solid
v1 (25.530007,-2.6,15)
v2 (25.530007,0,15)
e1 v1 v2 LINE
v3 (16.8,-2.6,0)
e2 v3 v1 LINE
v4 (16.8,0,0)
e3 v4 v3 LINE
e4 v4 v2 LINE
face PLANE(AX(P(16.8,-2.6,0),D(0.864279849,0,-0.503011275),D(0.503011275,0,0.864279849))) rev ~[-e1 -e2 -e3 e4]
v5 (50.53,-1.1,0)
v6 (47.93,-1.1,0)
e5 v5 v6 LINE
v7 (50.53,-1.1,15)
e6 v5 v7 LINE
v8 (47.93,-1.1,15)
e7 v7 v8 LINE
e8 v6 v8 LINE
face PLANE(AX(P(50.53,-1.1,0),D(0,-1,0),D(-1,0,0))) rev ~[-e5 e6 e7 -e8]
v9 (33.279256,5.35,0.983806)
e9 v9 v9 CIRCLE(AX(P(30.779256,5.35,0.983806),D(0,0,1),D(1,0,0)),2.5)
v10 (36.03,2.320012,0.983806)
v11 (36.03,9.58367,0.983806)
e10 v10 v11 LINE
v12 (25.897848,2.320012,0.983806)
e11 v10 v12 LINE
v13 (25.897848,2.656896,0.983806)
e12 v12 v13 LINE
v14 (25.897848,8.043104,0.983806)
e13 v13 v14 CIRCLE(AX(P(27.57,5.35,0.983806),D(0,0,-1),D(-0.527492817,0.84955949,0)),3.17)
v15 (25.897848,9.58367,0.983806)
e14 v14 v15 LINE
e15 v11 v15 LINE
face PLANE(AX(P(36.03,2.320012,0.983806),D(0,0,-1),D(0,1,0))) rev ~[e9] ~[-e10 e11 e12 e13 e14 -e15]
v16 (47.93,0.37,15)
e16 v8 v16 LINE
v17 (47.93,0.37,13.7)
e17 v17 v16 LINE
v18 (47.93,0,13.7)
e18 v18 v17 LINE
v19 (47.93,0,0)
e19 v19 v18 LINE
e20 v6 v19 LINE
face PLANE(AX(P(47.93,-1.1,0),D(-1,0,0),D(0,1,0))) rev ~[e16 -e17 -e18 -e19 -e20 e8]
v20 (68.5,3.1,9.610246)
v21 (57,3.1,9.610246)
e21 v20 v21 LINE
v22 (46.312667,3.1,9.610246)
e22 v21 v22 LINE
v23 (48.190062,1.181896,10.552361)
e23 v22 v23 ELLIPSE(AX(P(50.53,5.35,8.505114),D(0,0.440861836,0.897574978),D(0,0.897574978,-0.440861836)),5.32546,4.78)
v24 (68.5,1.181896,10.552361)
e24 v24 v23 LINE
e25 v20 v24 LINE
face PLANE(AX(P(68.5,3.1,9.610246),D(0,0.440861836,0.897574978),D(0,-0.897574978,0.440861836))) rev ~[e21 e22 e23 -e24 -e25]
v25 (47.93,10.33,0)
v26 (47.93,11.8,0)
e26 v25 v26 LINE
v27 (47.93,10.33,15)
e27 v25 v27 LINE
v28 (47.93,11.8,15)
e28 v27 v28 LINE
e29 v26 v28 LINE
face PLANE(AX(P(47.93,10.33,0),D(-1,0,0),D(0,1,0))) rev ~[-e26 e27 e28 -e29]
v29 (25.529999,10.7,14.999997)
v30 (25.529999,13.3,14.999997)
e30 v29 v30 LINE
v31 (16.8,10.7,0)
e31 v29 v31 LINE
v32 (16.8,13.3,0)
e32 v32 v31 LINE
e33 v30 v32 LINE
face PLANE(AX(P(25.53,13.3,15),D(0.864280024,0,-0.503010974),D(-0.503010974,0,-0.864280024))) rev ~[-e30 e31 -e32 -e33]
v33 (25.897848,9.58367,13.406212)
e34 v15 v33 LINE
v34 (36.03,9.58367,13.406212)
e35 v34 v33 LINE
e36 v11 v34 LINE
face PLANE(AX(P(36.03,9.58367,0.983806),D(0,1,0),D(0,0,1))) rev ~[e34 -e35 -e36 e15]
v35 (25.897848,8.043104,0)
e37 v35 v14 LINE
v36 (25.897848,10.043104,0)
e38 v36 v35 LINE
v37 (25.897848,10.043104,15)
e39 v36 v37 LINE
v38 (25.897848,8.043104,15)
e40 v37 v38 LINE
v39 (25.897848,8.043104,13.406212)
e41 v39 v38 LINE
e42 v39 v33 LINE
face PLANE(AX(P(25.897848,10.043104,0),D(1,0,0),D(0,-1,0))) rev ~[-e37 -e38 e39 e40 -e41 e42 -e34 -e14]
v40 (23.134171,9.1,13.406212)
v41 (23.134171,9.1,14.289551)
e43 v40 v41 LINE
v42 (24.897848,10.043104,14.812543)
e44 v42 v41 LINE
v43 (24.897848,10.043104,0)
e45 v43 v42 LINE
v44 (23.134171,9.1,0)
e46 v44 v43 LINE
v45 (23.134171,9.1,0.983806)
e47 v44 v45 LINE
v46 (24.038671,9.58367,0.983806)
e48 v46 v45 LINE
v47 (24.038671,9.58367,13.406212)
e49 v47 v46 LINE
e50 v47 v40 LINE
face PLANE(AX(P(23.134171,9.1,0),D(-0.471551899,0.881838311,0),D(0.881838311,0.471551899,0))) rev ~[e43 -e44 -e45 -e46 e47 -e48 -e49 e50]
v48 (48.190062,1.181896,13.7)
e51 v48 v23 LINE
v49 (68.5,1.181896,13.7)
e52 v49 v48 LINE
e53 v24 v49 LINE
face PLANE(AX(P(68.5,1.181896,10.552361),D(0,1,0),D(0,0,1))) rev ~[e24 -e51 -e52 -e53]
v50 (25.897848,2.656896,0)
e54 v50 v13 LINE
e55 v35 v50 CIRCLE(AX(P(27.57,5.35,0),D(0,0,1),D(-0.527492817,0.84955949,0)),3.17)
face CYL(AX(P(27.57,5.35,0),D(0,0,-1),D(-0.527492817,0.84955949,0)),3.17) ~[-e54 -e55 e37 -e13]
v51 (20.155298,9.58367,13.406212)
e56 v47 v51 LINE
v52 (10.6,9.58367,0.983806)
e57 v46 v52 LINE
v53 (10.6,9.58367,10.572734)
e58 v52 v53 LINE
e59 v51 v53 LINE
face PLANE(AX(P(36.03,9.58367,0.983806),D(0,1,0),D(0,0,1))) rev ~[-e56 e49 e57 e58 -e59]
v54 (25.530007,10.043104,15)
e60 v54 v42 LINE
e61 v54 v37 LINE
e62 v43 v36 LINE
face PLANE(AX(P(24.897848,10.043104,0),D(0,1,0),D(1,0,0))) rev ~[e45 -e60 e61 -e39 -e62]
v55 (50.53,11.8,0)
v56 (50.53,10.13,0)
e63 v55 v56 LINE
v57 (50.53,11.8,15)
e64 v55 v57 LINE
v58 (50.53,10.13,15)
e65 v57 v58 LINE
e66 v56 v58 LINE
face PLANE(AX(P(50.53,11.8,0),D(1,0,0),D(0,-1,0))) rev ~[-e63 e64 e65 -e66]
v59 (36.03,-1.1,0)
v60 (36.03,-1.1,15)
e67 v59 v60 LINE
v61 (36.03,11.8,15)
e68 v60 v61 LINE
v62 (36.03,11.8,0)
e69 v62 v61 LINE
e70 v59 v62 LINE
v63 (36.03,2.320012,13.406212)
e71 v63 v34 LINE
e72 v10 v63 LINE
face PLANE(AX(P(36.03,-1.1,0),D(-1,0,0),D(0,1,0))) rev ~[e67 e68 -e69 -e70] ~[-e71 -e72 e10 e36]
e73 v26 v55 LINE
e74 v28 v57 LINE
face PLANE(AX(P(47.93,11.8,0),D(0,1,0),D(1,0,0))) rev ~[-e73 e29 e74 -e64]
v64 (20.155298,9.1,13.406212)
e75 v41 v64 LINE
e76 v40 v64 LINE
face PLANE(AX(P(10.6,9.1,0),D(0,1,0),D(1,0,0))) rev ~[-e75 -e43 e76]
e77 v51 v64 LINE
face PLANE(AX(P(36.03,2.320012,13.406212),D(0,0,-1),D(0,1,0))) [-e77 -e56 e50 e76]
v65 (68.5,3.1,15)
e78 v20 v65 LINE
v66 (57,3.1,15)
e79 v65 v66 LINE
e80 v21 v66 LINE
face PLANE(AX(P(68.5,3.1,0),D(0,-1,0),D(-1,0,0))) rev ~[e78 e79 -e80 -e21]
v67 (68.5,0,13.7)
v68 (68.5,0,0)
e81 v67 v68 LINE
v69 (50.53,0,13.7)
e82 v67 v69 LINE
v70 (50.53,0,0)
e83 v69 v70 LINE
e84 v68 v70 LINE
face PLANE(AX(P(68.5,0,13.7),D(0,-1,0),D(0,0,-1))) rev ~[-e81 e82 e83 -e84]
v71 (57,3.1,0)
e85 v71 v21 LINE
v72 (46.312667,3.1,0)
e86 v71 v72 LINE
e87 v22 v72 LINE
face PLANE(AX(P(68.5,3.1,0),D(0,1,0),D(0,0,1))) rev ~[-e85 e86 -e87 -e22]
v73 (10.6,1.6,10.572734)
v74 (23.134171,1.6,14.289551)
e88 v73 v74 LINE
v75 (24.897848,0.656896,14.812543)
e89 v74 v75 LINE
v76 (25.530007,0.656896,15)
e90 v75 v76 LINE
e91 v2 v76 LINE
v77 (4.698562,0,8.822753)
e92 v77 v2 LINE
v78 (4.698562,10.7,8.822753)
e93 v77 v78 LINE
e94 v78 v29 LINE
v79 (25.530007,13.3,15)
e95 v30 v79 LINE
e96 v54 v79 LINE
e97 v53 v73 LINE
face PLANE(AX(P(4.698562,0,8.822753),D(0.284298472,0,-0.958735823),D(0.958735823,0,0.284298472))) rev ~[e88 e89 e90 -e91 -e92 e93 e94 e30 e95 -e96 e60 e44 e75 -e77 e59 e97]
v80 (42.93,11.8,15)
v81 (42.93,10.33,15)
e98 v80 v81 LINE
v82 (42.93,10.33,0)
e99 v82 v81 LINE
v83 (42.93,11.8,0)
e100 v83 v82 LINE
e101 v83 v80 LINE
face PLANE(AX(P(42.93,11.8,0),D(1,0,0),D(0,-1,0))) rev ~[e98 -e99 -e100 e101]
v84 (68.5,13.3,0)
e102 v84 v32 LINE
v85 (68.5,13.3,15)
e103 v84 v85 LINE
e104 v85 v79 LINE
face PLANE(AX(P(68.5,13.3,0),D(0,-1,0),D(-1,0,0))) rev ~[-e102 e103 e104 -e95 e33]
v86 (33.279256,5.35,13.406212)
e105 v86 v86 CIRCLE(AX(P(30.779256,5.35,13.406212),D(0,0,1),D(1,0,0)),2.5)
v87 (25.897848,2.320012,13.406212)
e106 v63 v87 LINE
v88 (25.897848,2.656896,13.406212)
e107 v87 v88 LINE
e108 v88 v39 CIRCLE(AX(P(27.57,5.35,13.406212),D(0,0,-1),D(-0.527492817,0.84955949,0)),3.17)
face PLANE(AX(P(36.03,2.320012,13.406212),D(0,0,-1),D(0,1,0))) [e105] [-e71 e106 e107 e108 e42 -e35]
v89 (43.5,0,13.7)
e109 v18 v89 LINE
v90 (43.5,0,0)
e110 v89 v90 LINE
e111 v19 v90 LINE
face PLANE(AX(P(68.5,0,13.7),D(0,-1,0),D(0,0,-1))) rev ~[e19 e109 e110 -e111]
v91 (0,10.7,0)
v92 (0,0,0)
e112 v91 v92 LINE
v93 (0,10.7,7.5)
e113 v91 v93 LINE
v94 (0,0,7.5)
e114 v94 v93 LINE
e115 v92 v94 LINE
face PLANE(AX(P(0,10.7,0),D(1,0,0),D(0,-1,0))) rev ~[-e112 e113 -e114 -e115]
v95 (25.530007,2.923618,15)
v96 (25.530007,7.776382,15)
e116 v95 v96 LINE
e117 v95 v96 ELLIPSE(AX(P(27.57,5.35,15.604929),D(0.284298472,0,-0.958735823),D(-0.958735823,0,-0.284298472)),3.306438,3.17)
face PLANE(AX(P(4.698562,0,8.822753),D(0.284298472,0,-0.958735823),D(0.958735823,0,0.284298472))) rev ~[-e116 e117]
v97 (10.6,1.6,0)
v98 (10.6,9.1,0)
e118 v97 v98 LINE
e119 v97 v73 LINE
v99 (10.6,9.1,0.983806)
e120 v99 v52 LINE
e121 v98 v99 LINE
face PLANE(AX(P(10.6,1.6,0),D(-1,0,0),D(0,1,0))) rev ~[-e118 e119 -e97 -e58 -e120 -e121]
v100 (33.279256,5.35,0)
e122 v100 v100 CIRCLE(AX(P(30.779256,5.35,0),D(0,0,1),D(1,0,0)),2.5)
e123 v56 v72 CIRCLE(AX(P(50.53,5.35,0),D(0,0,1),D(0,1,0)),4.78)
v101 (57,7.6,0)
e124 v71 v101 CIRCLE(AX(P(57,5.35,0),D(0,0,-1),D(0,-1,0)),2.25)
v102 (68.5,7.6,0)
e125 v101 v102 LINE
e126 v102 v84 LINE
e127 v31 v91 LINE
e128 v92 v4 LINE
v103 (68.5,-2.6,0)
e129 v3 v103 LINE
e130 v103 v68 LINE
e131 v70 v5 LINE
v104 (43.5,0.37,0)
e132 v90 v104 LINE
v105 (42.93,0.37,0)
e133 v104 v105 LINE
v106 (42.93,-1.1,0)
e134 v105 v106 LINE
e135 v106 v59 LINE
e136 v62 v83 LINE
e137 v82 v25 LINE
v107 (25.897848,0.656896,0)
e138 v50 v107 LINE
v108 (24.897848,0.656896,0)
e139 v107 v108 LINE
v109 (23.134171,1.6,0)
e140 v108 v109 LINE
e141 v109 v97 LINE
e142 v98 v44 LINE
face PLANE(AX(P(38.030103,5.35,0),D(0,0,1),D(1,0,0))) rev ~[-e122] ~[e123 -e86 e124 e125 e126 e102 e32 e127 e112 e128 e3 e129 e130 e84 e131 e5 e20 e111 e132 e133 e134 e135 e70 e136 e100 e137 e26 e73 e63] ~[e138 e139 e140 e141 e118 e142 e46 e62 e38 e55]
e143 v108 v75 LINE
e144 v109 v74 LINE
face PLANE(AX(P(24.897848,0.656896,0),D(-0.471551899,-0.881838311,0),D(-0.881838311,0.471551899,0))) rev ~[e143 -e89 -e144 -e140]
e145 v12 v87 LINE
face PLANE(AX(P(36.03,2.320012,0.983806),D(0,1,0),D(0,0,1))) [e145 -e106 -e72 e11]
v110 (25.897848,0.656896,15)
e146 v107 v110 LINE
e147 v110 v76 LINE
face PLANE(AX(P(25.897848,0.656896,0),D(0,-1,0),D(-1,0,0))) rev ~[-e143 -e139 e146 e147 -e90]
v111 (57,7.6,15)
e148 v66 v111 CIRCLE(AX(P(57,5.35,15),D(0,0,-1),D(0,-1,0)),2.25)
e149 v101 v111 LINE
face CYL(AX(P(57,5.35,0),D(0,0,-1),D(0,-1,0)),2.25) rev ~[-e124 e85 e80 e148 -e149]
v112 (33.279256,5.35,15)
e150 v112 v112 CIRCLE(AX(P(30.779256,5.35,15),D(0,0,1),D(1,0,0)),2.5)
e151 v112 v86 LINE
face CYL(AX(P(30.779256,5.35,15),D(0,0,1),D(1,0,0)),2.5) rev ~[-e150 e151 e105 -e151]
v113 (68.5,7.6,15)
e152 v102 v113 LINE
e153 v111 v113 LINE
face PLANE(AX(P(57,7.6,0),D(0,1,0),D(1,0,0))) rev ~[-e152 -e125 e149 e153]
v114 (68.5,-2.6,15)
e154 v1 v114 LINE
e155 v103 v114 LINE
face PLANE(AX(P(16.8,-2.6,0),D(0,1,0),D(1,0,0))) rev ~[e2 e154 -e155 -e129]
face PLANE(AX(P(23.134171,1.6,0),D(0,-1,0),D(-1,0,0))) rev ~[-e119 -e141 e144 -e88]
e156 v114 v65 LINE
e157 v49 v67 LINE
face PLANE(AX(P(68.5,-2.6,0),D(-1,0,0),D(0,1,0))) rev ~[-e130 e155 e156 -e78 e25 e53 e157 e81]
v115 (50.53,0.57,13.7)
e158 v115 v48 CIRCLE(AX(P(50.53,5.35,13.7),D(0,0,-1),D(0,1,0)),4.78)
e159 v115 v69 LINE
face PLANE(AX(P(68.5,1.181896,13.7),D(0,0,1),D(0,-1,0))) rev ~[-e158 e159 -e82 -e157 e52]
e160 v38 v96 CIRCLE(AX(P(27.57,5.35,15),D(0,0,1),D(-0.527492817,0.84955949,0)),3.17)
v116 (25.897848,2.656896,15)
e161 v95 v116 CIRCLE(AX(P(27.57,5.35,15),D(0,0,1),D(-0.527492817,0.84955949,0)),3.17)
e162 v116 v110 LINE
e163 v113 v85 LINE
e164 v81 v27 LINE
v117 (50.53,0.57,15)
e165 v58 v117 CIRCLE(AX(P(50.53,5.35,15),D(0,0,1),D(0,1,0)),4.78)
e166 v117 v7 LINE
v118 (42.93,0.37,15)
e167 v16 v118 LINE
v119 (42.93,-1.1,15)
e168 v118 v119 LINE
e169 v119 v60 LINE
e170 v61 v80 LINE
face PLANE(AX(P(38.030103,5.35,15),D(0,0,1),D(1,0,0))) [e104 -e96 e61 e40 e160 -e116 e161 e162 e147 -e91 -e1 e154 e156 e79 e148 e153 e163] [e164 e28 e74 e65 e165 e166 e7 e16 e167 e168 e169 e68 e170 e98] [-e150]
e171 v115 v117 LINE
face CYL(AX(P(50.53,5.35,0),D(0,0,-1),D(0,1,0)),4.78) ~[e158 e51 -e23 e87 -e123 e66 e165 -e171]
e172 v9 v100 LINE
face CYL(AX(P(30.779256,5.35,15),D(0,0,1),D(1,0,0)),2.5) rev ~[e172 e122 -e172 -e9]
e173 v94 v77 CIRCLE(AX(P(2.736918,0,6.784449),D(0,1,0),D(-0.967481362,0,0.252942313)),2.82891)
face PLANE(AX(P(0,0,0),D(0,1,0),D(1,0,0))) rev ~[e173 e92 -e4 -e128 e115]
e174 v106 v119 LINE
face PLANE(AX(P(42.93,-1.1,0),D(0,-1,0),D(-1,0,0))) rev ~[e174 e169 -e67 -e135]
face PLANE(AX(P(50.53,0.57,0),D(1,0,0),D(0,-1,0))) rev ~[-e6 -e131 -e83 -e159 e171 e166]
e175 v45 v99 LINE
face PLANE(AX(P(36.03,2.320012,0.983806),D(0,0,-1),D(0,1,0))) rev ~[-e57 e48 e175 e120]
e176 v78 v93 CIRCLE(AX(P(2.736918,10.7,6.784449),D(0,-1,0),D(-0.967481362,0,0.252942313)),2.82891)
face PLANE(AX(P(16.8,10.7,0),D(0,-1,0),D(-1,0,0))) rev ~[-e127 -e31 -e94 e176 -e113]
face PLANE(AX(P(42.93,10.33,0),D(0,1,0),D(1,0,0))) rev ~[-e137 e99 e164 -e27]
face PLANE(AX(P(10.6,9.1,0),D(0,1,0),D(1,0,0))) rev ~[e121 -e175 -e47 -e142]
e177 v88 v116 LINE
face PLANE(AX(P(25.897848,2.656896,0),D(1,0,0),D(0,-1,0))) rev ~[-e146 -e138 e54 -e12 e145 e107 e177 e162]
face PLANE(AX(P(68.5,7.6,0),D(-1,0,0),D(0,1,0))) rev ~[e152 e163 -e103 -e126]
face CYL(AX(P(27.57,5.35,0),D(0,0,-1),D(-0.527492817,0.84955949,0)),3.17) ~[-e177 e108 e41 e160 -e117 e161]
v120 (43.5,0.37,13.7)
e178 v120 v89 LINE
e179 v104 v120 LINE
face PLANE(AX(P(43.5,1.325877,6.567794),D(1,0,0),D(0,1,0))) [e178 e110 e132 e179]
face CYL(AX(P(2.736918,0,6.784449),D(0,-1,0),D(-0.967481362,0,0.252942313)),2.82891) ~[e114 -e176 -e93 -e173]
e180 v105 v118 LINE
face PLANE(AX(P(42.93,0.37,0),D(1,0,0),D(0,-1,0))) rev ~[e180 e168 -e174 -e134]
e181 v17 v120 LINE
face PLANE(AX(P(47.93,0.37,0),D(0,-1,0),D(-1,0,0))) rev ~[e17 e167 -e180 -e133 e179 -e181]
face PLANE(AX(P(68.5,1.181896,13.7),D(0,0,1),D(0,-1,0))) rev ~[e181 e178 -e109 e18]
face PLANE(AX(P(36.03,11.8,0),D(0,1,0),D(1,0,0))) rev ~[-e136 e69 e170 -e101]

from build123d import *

# Parameters (mm, degrees)
F1_DEPTH  = 15
F3_DEPTH  = 2.6
F5_DEPTH  = 2.6
F6_R      = 2.5
F7_DEPTH  = 15.001
F9_DEPTH  = 25
F10_W     = 7.263658
F10_H     = 12.422406
F11_DEPTH = 25.43
F13_DEPTH = 13.301


with BuildPart() as f1:
    # F0 (on Top) → F1 (new body)
    with BuildSketch(Plane.XY):
        with BuildLine():
            Line((0, 10.7), (0, 0))
            Line((0, 0), (16.8, 0))
            Line((16.8, 0), (16.8, -2.6))
            Line((16.8, -2.6), (68.5, -2.6))
            Line((68.5, -2.6), (68.5, 3.1))
            Line((68.5, 3.1), (57, 3.1))
            ThreePointArc((57, 3.1), (54.75, 5.35), (57, 7.6))
            Line((57, 7.6), (68.5, 7.6))
            Line((68.5, 7.6), (68.5, 13.3))
            Line((68.5, 13.3), (16.8, 13.3))
            Line((16.8, 13.3), (16.8, 10.7))
            Line((16.8, 10.7), (0, 10.7))
        make_face()
        with BuildLine():
            Line((50.53, 0.57), (50.53, -1.1))
            Line((50.53, -1.1), (47.93, -1.1))
            Line((47.93, -1.1), (47.93, 0.37))
            Line((47.93, 0.37), (42.93, 0.37))
            Line((42.93, 0.37), (42.93, -1.1))
            Line((42.93, -1.1), (36.03, -1.1))
            Line((36.03, -1.1), (36.03, 11.8))
            Line((36.03, 11.8), (42.93, 11.8))
            Line((42.93, 11.8), (42.93, 10.33))
            Line((42.93, 10.33), (47.93, 10.33))
            Line((47.93, 10.33), (47.93, 11.8))
            Line((47.93, 11.8), (50.53, 11.8))
            Line((50.53, 11.8), (50.53, 10.13))
            ThreePointArc((50.53, 10.13), (45.75, 5.35), (50.53, 0.57))
        make_face(mode=Mode.SUBTRACT)
        with BuildLine():
            Line((25.897848, 2.656896), (25.897848, 0.656896))
            Line((25.897848, 0.656896), (24.897848, 0.656896))
            Line((24.897848, 0.656896), (23.134171, 1.6))
            Line((23.134171, 1.6), (10.6, 1.6))
            Line((10.6, 1.6), (10.6, 9.1))
            Line((10.6, 9.1), (23.134171, 9.1))
            Line((23.134171, 9.1), (24.897848, 10.043104))
            Line((24.897848, 10.043104), (25.897848, 10.043104))
            Line((25.897848, 10.043104), (25.897848, 8.043104))
            ThreePointArc((25.897848, 8.043104), (24.4, 5.35), (25.897848, 2.656896))
        make_face(mode=Mode.SUBTRACT)
    extrude(amount=F1_DEPTH)

    # F2 (on face) → F3 (cut, through all)
    with BuildSketch(Plane.XZ.offset(2.6)):
        Polygon((16.8, 15), (16.8, 0), (25.530007, 15), align=None)
    extrude(amount=-F3_DEPTH, mode=Mode.SUBTRACT)

    # F4 (on face) → F5 (cut, through all)
    with BuildSketch(Plane(origin=(0, 13.3, 0), x_dir=(-1, 0, 0), z_dir=(0, 1, 0))):
        Polygon((-25.53, 15), (-16.8, 0), (-16.8, 15), align=None)
    extrude(amount=-F5_DEPTH, mode=Mode.SUBTRACT)

    # F6 (on face) → F7 (cut, through all)
    with BuildSketch(Plane.XY.offset(15)):
        with Locations((30.779256, 5.35)):
            Circle(F6_R)
    extrude(amount=-F7_DEPTH, mode=Mode.SUBTRACT)

    # F8 (on face) → F9 (cut)
    with BuildSketch(Plane.YZ.offset(68.5)):
        Polygon((0, 13.7), (0, 0), (3.1, 0), (3.1, 9.610246), (1.181896, 10.552361), (1.181896, 13.7), align=None)
    extrude(amount=-F9_DEPTH, mode=Mode.SUBTRACT)

    # F10 (on face) → F11 (cut, through all)
    with BuildSketch(Plane.YZ.offset(36.03)):
        with Locations((5.951841, 7.195009)):
            Rectangle(F10_W, F10_H)
    extrude(amount=-F11_DEPTH, mode=Mode.SUBTRACT)

    # F12 (on face) → F13 (cut, through all)
    with BuildSketch(Plane.XZ):
        with BuildLine():
            ThreePointArc((0, 7.5), (1.970314, 9.507508), (4.698562, 8.822753))
            Line((4.698562, 8.822753), (25.530007, 15))
            Line((25.530007, 15), (0, 15))
            Line((0, 15), (0, 7.5))
        make_face()
    extrude(amount=-F13_DEPTH, mode=Mode.SUBTRACT)


solid = f1.part
